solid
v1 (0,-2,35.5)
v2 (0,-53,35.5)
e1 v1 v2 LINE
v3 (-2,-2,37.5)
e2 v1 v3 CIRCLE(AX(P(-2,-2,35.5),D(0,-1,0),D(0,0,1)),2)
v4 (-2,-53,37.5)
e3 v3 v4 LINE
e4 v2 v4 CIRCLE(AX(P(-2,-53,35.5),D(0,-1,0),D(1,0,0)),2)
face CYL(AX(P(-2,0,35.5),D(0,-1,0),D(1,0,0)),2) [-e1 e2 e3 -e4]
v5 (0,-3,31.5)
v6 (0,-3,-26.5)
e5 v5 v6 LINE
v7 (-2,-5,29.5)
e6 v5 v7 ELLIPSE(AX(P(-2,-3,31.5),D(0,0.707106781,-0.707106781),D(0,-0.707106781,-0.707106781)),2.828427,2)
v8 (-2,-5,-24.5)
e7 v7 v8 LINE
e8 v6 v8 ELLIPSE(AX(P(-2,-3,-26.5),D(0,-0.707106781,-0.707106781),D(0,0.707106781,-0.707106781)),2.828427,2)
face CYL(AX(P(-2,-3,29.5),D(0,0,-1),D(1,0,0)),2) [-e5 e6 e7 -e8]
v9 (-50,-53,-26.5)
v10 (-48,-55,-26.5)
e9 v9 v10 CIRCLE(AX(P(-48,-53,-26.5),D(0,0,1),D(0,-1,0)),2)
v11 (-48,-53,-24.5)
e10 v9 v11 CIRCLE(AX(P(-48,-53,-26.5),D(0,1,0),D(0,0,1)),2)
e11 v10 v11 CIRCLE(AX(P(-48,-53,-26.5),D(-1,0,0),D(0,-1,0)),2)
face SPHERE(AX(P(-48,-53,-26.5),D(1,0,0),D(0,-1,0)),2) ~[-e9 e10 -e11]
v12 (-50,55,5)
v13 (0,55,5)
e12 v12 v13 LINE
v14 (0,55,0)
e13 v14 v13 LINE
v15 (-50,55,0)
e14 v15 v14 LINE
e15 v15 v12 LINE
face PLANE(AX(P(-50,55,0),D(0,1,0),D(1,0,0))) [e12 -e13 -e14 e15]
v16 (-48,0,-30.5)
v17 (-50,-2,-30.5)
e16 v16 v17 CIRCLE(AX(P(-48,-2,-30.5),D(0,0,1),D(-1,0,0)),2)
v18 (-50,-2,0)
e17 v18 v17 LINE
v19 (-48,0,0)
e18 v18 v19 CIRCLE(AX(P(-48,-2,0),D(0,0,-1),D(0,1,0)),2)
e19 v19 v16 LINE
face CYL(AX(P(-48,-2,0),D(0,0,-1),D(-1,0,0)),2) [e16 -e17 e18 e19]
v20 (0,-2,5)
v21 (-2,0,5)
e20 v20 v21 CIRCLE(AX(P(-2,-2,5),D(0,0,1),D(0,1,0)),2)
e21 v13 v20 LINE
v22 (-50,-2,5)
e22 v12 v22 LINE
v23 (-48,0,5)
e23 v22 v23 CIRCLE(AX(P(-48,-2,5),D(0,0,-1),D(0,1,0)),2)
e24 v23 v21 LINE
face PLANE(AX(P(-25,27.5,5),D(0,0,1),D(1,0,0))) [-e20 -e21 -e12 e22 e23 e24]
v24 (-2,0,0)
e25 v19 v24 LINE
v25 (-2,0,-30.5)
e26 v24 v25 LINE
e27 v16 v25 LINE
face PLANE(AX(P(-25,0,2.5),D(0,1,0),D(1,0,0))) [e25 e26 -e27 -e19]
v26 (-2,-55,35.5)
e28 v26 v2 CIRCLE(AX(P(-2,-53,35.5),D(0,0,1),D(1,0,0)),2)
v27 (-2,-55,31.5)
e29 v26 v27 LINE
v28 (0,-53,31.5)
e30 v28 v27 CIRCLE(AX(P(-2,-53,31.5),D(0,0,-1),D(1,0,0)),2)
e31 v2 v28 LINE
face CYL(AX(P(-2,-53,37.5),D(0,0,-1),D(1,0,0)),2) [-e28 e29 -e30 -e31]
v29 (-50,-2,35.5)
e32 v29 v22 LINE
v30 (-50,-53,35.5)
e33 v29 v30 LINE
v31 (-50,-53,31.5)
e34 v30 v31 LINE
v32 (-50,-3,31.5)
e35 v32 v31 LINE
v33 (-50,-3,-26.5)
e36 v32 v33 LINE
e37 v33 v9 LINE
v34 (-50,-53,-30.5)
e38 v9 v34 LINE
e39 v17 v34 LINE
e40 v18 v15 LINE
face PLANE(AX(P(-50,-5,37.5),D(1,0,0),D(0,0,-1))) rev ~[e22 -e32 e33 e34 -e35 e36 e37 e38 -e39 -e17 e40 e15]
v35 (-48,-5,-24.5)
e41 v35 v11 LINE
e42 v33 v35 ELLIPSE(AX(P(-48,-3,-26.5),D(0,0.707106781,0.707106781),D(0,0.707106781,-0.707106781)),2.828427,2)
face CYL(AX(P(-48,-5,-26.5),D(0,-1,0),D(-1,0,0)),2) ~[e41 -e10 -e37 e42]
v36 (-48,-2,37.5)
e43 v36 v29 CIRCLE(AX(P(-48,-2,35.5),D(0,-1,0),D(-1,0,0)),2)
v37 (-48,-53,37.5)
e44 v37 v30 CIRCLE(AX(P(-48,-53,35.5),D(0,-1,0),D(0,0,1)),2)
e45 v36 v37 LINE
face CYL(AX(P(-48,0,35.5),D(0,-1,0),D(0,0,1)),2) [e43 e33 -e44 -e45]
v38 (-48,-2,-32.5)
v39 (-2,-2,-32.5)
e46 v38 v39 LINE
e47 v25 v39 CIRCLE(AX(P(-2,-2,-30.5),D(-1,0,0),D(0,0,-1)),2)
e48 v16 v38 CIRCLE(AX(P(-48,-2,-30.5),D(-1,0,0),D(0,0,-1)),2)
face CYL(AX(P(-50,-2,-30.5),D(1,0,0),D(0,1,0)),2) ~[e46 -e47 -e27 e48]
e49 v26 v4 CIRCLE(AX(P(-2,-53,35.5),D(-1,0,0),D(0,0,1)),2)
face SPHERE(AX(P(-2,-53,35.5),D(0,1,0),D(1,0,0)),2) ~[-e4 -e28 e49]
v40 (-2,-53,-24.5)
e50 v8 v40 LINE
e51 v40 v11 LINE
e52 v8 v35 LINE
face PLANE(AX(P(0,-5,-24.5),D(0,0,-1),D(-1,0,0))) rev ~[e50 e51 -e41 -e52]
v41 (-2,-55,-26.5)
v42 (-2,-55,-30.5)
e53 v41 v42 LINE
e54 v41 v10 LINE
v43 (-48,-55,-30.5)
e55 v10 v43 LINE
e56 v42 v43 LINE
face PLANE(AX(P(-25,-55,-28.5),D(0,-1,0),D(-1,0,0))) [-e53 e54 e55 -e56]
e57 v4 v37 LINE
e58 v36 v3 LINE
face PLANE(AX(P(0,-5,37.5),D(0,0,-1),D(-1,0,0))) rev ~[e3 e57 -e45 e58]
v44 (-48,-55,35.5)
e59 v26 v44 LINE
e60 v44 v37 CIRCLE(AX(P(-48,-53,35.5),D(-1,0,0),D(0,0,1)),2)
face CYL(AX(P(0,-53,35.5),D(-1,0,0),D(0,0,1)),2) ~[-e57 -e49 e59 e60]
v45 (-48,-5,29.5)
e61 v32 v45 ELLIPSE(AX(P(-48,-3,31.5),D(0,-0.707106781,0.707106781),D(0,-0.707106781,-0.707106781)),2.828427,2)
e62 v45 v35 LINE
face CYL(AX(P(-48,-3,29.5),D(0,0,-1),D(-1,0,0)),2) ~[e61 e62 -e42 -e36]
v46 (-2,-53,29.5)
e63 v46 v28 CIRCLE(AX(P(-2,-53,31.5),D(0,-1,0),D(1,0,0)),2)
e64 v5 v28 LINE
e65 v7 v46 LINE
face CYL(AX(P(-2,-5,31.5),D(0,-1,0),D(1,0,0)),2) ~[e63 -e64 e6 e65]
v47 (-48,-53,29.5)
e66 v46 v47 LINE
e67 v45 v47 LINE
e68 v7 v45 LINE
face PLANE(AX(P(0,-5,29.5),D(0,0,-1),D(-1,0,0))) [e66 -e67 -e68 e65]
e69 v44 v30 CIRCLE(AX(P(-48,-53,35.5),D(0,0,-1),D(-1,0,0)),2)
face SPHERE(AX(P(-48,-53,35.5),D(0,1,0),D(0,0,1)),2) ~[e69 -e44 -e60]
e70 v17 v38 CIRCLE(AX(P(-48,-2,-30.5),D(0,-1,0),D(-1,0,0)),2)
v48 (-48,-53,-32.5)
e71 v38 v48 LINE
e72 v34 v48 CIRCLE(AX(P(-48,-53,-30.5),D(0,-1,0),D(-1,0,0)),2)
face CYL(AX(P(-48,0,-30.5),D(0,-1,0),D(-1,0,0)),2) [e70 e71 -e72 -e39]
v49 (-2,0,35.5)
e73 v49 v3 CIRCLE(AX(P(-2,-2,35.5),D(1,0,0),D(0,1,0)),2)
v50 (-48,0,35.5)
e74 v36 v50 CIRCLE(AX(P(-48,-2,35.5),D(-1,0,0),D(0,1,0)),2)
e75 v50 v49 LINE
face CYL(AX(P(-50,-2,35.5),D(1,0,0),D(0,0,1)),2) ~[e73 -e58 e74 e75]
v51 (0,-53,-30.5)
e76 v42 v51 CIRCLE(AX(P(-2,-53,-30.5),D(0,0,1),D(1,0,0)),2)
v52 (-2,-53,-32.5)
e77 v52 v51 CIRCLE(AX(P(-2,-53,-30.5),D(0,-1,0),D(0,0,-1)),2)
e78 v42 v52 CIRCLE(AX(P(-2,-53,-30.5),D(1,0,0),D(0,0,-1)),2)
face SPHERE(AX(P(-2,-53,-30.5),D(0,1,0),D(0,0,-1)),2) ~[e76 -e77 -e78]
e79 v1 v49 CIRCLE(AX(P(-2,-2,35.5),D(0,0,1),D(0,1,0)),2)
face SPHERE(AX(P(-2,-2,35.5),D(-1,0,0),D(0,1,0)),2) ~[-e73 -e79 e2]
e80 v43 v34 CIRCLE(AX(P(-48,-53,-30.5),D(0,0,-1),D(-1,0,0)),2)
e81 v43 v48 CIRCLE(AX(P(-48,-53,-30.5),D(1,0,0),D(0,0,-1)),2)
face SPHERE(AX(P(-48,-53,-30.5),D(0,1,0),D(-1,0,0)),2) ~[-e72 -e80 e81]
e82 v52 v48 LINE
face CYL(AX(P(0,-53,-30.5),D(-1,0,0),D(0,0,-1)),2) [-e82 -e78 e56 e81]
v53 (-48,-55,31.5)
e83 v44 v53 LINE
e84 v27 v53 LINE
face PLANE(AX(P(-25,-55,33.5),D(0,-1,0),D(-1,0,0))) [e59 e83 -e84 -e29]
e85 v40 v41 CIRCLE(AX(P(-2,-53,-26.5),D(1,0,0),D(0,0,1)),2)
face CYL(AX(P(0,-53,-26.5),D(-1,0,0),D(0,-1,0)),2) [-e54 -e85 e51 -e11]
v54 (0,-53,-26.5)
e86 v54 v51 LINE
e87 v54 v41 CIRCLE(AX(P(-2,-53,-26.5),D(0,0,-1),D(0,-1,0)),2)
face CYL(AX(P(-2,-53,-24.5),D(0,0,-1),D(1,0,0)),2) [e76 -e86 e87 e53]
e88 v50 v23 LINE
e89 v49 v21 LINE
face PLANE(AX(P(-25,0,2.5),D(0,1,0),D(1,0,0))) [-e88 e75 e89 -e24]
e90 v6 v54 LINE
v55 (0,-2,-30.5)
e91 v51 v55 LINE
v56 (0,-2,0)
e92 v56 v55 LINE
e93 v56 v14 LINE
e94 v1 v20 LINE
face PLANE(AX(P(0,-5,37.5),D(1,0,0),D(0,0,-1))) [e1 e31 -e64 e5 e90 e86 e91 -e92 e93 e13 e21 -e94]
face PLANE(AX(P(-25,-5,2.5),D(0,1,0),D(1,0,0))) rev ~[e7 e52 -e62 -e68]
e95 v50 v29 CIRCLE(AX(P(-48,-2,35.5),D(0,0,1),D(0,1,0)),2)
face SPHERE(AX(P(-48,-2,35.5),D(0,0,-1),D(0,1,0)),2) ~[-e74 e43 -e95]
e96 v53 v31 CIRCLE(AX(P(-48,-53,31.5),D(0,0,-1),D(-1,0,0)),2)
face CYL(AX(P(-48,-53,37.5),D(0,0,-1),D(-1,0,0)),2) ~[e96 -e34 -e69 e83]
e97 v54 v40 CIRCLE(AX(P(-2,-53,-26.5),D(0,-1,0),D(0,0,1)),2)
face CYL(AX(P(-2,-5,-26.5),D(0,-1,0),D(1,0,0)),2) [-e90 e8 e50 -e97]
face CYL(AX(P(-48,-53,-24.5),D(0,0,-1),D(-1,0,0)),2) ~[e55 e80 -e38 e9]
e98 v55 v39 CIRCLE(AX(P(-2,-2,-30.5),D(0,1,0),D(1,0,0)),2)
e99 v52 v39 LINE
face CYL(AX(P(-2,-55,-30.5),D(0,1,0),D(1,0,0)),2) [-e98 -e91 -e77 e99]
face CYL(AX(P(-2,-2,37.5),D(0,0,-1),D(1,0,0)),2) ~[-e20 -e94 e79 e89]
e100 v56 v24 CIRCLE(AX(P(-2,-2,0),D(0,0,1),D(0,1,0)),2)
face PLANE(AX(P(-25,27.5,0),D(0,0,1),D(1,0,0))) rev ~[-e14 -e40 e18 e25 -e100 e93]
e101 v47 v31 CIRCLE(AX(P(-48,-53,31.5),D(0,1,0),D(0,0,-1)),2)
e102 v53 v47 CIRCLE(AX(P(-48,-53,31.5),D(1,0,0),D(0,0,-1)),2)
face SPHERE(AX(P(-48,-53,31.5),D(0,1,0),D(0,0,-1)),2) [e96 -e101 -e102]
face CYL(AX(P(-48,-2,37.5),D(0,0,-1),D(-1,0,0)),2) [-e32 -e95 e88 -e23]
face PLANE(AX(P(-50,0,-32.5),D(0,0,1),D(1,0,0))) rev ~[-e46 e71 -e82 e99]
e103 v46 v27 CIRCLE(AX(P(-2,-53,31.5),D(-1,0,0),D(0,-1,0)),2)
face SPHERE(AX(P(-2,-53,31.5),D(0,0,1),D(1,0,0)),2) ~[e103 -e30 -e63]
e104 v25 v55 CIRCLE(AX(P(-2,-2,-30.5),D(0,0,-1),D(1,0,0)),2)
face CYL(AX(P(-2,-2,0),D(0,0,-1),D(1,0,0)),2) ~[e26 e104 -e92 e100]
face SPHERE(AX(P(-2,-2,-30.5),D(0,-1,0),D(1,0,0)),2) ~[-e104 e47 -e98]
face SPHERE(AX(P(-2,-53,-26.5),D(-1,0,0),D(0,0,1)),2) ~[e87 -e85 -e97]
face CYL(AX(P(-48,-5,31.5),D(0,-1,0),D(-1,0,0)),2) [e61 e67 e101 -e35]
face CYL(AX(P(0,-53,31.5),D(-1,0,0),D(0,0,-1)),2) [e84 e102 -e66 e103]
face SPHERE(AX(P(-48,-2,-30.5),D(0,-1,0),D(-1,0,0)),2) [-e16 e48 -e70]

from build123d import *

# Parameters (mm, degrees)
SKETCH1_W           = 50
SKETCH1_H           = 55
BOSS_EXTRUDE1_DEPTH = 5
SKETCH2_W           = 50
SKETCH2_H           = 70
BOSS_EXTRUDE2_DEPTH = 5
SKETCH3_W           = 50
SKETCH3_H           = 8
BOSS_EXTRUDE3_DEPTH = 50
FILLET1_R           = 2


with BuildPart() as part:
    # Sketch1 → Boss-Extrude1 (new body)
    with BuildSketch(Plane.XY):
        with Locations((-25, 27.5)):
            Rectangle(SKETCH1_W, SKETCH1_H)
    extrude(amount=BOSS_EXTRUDE1_DEPTH)

    # Sketch2 → Boss-Extrude2 (add)
    with BuildSketch(Plane(origin=(0, 0, 0), x_dir=(1, 0, 0), z_dir=(0, 1, 0))):
        with Locations((-25, -2.5)):
            Rectangle(SKETCH2_W, SKETCH2_H)
    extrude(amount=-BOSS_EXTRUDE2_DEPTH)

    # Sketch3 → Boss-Extrude3 (add)
    with BuildSketch(Plane(origin=(0, -5, 0), x_dir=(-1, 0, 0), z_dir=(0, -1, 0))):
        with Locations((25, -33.5)):
            Rectangle(SKETCH3_W, SKETCH3_H)
        with Locations((25, 28.5)):
            Rectangle(SKETCH3_W, SKETCH3_H)
    extrude(amount=BOSS_EXTRUDE3_DEPTH)

    # Fillet1
    fillet1_edges = [part.edges().sort_by_distance(p)[0] for p in [
        (-50, 0, 21.25),
        (-25, 0, 37.5),
        (0, 0, 21.25),
        (-50, -27.5, 37.5),
        (-50, -27.5, -32.5),
        (0, -27.5, -32.5),
        (0, -27.5, 37.5),
        (-50, 0, -16.25),
        (0, 0, -16.25),
        (-25, 0, -32.5),
        (0, -5, 2.5),
        (-50, -30, 29.5),
        (0, -55, 33.5),
        (0, -30, 29.5),
        (-25, -55, 37.5),
        (-25, -55, 29.5),
        (-50, -55, 33.5),
        (-50, -5, 2.5),
        (-25, -55, -24.5),
        (0, -30, -24.5),
        (-50, -55, -28.5),
        (-50, -30, -24.5),
        (-25, -55, -32.5),
        (0, -55, -28.5),
    ]]
    fillet(fillet1_edges, radius=FILLET1_R)


solid = part.part
